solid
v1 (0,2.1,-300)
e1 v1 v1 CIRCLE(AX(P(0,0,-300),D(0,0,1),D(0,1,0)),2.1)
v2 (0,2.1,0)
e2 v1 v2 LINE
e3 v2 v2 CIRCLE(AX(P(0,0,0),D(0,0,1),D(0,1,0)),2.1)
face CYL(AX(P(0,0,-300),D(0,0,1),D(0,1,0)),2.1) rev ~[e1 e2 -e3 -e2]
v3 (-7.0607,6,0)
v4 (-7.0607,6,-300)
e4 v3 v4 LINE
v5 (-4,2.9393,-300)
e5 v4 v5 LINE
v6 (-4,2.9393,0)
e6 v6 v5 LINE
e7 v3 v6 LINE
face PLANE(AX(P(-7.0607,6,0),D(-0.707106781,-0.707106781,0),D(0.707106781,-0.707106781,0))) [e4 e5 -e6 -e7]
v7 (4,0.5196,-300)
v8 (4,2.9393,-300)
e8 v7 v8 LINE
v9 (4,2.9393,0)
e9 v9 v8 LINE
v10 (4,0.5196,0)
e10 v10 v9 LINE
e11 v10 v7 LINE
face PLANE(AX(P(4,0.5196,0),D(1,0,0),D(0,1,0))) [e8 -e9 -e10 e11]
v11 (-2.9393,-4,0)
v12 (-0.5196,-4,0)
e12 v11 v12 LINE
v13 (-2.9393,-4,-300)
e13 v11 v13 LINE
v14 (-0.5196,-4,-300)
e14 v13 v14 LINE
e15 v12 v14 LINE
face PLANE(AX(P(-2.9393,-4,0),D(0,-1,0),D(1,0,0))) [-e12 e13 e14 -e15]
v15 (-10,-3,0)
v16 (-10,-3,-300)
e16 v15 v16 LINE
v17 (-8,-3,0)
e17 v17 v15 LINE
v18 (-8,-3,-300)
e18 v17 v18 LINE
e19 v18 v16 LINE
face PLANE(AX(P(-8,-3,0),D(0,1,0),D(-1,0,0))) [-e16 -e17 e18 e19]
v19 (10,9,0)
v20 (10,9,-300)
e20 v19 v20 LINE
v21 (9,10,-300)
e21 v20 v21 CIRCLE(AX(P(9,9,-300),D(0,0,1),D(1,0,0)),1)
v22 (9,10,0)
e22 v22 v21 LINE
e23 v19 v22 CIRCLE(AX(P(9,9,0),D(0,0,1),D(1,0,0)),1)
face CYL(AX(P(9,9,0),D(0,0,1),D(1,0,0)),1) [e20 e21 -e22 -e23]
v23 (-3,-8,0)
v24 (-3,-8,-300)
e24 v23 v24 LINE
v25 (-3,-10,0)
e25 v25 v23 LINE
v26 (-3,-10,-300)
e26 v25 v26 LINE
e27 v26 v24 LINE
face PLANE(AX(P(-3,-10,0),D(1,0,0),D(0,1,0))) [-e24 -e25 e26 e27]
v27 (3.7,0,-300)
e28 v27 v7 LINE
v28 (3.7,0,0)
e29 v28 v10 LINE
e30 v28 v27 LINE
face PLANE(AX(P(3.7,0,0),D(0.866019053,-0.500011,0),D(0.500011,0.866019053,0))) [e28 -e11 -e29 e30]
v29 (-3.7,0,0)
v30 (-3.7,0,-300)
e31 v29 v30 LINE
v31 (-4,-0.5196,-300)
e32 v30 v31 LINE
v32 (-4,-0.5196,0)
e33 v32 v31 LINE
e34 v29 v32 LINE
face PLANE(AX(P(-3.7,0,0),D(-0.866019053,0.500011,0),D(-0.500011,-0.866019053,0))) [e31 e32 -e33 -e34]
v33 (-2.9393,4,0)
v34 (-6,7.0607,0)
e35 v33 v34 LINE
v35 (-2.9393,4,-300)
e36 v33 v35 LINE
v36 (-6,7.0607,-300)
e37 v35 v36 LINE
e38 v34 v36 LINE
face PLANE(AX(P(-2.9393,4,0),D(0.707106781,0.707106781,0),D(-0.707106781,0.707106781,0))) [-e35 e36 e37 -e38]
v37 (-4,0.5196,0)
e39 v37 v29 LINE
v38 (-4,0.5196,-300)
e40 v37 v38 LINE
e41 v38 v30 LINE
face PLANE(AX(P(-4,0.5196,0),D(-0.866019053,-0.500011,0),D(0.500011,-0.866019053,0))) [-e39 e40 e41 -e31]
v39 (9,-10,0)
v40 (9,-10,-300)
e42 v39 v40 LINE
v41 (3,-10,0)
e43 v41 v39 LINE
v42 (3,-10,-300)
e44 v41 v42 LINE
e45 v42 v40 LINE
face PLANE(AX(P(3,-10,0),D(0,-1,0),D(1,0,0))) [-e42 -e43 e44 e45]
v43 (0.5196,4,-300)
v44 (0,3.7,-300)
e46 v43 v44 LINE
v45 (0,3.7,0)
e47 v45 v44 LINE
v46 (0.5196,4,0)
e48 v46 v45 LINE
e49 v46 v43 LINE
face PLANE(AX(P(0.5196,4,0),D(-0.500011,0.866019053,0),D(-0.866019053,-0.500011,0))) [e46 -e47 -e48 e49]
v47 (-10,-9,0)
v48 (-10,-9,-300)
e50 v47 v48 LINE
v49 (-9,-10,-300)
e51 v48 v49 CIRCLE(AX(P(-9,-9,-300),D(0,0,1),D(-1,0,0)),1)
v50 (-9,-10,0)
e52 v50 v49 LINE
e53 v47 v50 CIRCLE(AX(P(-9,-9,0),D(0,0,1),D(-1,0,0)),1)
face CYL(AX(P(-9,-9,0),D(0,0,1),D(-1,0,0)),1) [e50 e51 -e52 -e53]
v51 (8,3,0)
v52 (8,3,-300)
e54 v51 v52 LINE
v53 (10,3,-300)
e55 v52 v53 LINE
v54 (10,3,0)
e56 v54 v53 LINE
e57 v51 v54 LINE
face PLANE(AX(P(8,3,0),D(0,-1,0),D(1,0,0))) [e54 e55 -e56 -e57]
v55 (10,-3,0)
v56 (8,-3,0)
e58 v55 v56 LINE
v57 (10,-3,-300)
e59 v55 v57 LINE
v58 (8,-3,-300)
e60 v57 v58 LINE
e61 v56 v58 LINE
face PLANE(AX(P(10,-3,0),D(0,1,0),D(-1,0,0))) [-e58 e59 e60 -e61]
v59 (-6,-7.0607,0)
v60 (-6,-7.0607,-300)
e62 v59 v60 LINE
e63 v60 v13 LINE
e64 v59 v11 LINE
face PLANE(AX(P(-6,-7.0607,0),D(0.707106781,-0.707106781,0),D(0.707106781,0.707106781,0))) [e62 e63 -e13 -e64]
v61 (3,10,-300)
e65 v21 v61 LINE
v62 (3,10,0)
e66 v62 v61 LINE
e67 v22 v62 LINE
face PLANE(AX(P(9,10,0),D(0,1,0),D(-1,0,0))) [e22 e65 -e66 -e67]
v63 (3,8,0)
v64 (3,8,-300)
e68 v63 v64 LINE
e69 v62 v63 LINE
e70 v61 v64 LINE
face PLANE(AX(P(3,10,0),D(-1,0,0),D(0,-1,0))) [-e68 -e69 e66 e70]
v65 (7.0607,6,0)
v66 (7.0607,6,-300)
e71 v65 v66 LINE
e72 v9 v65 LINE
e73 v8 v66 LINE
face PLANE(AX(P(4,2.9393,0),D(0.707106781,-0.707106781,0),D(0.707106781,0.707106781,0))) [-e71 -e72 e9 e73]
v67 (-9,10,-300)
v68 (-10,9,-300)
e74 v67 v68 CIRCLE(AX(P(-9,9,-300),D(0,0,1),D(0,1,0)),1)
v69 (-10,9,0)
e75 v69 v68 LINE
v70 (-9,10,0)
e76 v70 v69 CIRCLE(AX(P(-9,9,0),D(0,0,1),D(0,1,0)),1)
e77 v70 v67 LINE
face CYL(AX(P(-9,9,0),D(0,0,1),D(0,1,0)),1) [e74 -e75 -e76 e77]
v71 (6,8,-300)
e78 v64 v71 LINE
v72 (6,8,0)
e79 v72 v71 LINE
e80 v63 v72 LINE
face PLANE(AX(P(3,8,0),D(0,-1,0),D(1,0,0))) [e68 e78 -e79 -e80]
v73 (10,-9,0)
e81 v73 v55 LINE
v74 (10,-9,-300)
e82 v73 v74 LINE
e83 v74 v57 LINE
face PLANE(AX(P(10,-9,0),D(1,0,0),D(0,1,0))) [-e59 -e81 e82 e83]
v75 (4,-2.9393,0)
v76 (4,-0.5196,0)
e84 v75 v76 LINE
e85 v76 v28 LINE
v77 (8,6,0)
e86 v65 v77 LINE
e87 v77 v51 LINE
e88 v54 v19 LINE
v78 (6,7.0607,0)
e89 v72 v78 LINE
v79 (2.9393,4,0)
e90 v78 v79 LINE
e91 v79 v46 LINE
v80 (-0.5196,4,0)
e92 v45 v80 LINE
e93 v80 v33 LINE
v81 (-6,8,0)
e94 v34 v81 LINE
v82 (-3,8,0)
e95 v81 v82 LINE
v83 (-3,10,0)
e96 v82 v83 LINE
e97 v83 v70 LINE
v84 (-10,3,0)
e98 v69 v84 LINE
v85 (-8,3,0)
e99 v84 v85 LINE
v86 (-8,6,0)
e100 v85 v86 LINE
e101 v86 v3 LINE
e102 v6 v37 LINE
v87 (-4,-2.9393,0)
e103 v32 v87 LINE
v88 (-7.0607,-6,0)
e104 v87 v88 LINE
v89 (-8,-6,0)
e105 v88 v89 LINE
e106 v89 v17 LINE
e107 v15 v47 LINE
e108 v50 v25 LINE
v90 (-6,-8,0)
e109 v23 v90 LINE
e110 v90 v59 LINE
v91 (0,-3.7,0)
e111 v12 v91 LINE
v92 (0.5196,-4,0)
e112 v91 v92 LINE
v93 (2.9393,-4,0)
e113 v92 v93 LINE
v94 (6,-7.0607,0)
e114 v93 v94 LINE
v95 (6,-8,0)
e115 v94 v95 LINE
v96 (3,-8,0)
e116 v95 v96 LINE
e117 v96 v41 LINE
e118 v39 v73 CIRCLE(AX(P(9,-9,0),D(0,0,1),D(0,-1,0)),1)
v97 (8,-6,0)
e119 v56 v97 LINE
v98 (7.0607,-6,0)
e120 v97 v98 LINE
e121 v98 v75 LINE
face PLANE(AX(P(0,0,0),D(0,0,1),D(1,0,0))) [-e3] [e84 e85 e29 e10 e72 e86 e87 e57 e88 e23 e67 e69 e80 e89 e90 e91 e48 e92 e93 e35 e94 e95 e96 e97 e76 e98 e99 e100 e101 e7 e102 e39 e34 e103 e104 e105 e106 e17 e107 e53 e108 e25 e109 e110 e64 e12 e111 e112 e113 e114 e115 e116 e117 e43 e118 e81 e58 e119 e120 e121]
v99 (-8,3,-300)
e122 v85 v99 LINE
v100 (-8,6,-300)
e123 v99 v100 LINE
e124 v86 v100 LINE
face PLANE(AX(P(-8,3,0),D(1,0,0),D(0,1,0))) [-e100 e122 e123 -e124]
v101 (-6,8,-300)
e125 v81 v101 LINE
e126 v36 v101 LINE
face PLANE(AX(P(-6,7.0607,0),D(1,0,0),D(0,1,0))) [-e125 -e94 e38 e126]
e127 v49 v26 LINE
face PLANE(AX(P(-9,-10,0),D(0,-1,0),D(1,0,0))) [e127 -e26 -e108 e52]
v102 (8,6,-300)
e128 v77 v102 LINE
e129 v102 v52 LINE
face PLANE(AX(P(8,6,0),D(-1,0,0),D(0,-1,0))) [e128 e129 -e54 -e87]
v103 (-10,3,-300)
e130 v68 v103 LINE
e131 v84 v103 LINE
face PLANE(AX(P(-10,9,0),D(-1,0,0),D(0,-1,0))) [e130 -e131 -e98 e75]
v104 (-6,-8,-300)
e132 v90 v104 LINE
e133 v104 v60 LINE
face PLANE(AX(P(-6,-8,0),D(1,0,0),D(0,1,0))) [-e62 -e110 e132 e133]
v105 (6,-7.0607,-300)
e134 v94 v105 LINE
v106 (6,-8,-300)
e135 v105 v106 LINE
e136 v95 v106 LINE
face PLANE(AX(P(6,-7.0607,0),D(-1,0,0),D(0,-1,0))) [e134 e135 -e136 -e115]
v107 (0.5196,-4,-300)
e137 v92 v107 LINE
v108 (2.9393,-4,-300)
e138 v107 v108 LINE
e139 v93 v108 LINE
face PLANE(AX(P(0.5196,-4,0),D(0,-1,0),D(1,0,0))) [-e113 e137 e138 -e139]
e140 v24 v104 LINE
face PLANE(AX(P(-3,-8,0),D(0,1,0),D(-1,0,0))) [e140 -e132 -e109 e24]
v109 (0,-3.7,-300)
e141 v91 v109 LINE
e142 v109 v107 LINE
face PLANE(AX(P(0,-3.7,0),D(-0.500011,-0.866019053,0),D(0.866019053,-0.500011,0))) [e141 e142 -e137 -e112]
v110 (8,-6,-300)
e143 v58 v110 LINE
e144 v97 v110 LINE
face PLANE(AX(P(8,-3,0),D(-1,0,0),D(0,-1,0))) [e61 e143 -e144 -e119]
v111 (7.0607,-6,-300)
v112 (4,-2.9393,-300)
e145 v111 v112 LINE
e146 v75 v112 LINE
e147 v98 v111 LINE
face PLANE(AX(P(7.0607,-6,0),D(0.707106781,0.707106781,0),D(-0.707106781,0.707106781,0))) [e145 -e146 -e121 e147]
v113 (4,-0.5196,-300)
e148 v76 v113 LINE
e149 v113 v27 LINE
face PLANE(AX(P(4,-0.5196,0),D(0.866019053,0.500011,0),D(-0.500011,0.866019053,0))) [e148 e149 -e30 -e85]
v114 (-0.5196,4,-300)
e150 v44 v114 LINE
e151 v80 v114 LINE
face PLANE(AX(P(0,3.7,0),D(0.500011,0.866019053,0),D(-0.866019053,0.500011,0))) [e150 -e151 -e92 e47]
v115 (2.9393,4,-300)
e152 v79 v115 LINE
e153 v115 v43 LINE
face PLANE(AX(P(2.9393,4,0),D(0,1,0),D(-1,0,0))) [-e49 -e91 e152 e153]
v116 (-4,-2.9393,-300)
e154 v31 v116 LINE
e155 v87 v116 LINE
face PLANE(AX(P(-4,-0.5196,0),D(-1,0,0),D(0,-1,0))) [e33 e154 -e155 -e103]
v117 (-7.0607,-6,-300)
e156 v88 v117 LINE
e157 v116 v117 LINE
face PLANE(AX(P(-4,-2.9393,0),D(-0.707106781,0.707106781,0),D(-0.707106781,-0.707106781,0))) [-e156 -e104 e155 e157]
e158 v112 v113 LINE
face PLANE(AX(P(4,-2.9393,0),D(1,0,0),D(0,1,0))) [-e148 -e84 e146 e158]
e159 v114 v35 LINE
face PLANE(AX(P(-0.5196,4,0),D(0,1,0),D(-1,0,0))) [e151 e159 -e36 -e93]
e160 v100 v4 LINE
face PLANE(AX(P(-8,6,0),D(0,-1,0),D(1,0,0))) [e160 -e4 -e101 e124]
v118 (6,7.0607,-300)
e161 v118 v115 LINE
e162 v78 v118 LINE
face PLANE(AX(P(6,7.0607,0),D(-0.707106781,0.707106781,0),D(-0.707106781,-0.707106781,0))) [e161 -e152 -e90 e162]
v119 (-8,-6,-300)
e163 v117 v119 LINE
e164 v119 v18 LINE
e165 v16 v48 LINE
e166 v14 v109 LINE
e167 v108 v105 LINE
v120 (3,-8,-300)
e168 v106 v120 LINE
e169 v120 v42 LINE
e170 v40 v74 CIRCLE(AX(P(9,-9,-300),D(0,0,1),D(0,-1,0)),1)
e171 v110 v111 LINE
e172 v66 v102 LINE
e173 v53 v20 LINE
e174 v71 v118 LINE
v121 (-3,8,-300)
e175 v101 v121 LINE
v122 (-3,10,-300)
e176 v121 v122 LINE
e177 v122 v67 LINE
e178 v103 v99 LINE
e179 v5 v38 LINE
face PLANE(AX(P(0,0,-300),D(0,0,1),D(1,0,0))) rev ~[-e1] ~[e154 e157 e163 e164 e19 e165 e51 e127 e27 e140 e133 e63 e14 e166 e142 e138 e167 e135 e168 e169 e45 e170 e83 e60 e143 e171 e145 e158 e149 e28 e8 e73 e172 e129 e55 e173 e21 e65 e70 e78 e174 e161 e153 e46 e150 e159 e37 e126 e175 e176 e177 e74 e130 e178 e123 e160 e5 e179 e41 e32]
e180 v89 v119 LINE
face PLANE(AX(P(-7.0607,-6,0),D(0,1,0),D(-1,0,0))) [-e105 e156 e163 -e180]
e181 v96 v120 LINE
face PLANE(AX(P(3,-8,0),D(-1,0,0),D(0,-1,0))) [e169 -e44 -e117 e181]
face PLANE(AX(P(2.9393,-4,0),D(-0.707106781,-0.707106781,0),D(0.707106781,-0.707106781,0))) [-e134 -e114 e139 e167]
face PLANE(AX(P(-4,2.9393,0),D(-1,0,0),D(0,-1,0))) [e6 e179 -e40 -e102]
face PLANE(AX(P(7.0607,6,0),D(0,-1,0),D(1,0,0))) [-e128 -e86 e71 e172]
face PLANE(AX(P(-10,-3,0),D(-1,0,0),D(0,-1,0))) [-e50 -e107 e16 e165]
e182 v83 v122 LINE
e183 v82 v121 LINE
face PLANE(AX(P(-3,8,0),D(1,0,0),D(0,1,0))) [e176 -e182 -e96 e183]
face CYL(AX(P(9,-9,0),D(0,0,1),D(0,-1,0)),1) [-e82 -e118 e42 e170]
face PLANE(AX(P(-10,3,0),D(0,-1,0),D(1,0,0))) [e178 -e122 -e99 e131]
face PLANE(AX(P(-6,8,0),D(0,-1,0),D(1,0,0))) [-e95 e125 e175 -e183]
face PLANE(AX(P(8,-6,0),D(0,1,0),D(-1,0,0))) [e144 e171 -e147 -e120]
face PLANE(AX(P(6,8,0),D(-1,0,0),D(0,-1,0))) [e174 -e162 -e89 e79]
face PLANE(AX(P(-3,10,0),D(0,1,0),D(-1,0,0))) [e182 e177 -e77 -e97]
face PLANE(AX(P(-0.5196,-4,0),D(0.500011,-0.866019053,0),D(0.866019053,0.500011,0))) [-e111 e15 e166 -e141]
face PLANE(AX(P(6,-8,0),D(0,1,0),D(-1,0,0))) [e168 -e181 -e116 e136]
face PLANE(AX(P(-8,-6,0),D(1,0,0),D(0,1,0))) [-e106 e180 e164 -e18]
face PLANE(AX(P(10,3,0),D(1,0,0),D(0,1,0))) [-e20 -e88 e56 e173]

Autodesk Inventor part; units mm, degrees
sketch "Sketch_1" plane through (0, 0, 0) normal (0, 0, 1) x (1, 0, 0)
  line L0 (-10, -3) -> (-10, -9)
  arc A0 (-10, -9) -> (-9, -10) centre (-9, -9) ccw
  line L1 (-9, -10) -> (-3, -10)
  line L2 (-3, -10) -> (-3, -8)
  line L3 (-3, -8) -> (-6, -8)
  line L4 (-6, -8) -> (-6, -7.0607)
  line L5 (-6, -7.0607) -> (-2.9393, -4)
  line L6 (-2.9393, -4) -> (-0.5196, -4)
  line L7 (-0.5196, -4) -> (0, -3.7)
  line L8 (0, -3.7) -> (0.5196, -4)
  line L9 (0.5196, -4) -> (2.9393, -4)
  line L10 (2.9393, -4) -> (6, -7.0607)
  line L11 (6, -7.0607) -> (6, -8)
  line L12 (6, -8) -> (3, -8)
  line L13 (3, -8) -> (3, -10)
  line L14 (3, -10) -> (9, -10)
  arc A1 (9, -10) -> (10, -9) centre (9, -9) ccw
  line L15 (10, -9) -> (10, -3)
  line L16 (10, -3) -> (8, -3)
  line L17 (8, -3) -> (8, -6)
  line L18 (8, -6) -> (7.0607, -6)
  line L19 (7.0607, -6) -> (4, -2.9393)
  line L20 (4, -2.9393) -> (4, -0.5196)
  line L21 (4, -0.5196) -> (3.7, 0)
  line L22 (3.7, 0) -> (4, 0.5196)
  line L23 (4, 0.5196) -> (4, 2.9393)
  line L24 (4, 2.9393) -> (7.0607, 6)
  line L25 (7.0607, 6) -> (8, 6)
  line L26 (8, 6) -> (8, 3)
  line L27 (8, 3) -> (10, 3)
  line L28 (10, 3) -> (10, 9)
  arc A2 (10, 9) -> (9, 10) centre (9, 9) ccw
  line L29 (9, 10) -> (3, 10)
  line L30 (3, 10) -> (3, 8)
  line L31 (3, 8) -> (6, 8)
  line L32 (6, 8) -> (6, 7.0607)
  line L33 (6, 7.0607) -> (2.9393, 4)
  line L34 (2.9393, 4) -> (0.5196, 4)
  line L35 (0.5196, 4) -> (0, 3.7)
  line L36 (0, 3.7) -> (-0.5196, 4)
  line L37 (-0.5196, 4) -> (-2.9393, 4)
  line L38 (-2.9393, 4) -> (-6, 7.0607)
  line L39 (-6, 7.0607) -> (-6, 8)
  line L40 (-6, 8) -> (-3, 8)
  line L41 (-3, 8) -> (-3, 10)
  line L42 (-3, 10) -> (-9, 10)
  arc A3 (-9, 10) -> (-10, 9) centre (-9, 9) ccw
  line L43 (-10, 9) -> (-10, 3)
  line L44 (-10, 3) -> (-8, 3)
  line L45 (-8, 3) -> (-8, 6)
  line L46 (-8, 6) -> (-7.0607, 6)
  line L47 (-7.0607, 6) -> (-4, 2.9393)
  line L48 (-4, 2.9393) -> (-4, 0.5196)
  line L49 (-4, 0.5196) -> (-3.7, 0)
  line L50 (-3.7, 0) -> (-4, -0.5196)
  line L51 (-4, -0.5196) -> (-4, -2.9393)
  line L52 (-4, -2.9393) -> (-7.0607, -6)
  line L53 (-7.0607, -6) -> (-8, -6)
  line L54 (-8, -6) -> (-8, -3)
  line L55 (-8, -3) -> (-10, -3)
extrude "Extrusion1" add sketch "Sketch_1" against normal blind 300
sketch "Sketch2" plane through (0, 0, -300) normal (0, 0, -1) x (-1, 0, 0)
  point P0 (0, 0)
hole "Hole1" at (0, 0, -300) direction (0, 0, 1) diameter 4.2 depth 300
ref_plane "C1_XY" through (0, 0, 0) normal (0, 0, 1) x (1, 0, 0)
ref_plane "C1_YZ" through (0, 0, 0) normal (1, 0, 0) x (0, 1, 0)
ref_plane "C1_ZX" through (0, 0, 0) normal (0, 1, 0) x (0, 0, 1)
properties part number "HFS5-2020-300"
